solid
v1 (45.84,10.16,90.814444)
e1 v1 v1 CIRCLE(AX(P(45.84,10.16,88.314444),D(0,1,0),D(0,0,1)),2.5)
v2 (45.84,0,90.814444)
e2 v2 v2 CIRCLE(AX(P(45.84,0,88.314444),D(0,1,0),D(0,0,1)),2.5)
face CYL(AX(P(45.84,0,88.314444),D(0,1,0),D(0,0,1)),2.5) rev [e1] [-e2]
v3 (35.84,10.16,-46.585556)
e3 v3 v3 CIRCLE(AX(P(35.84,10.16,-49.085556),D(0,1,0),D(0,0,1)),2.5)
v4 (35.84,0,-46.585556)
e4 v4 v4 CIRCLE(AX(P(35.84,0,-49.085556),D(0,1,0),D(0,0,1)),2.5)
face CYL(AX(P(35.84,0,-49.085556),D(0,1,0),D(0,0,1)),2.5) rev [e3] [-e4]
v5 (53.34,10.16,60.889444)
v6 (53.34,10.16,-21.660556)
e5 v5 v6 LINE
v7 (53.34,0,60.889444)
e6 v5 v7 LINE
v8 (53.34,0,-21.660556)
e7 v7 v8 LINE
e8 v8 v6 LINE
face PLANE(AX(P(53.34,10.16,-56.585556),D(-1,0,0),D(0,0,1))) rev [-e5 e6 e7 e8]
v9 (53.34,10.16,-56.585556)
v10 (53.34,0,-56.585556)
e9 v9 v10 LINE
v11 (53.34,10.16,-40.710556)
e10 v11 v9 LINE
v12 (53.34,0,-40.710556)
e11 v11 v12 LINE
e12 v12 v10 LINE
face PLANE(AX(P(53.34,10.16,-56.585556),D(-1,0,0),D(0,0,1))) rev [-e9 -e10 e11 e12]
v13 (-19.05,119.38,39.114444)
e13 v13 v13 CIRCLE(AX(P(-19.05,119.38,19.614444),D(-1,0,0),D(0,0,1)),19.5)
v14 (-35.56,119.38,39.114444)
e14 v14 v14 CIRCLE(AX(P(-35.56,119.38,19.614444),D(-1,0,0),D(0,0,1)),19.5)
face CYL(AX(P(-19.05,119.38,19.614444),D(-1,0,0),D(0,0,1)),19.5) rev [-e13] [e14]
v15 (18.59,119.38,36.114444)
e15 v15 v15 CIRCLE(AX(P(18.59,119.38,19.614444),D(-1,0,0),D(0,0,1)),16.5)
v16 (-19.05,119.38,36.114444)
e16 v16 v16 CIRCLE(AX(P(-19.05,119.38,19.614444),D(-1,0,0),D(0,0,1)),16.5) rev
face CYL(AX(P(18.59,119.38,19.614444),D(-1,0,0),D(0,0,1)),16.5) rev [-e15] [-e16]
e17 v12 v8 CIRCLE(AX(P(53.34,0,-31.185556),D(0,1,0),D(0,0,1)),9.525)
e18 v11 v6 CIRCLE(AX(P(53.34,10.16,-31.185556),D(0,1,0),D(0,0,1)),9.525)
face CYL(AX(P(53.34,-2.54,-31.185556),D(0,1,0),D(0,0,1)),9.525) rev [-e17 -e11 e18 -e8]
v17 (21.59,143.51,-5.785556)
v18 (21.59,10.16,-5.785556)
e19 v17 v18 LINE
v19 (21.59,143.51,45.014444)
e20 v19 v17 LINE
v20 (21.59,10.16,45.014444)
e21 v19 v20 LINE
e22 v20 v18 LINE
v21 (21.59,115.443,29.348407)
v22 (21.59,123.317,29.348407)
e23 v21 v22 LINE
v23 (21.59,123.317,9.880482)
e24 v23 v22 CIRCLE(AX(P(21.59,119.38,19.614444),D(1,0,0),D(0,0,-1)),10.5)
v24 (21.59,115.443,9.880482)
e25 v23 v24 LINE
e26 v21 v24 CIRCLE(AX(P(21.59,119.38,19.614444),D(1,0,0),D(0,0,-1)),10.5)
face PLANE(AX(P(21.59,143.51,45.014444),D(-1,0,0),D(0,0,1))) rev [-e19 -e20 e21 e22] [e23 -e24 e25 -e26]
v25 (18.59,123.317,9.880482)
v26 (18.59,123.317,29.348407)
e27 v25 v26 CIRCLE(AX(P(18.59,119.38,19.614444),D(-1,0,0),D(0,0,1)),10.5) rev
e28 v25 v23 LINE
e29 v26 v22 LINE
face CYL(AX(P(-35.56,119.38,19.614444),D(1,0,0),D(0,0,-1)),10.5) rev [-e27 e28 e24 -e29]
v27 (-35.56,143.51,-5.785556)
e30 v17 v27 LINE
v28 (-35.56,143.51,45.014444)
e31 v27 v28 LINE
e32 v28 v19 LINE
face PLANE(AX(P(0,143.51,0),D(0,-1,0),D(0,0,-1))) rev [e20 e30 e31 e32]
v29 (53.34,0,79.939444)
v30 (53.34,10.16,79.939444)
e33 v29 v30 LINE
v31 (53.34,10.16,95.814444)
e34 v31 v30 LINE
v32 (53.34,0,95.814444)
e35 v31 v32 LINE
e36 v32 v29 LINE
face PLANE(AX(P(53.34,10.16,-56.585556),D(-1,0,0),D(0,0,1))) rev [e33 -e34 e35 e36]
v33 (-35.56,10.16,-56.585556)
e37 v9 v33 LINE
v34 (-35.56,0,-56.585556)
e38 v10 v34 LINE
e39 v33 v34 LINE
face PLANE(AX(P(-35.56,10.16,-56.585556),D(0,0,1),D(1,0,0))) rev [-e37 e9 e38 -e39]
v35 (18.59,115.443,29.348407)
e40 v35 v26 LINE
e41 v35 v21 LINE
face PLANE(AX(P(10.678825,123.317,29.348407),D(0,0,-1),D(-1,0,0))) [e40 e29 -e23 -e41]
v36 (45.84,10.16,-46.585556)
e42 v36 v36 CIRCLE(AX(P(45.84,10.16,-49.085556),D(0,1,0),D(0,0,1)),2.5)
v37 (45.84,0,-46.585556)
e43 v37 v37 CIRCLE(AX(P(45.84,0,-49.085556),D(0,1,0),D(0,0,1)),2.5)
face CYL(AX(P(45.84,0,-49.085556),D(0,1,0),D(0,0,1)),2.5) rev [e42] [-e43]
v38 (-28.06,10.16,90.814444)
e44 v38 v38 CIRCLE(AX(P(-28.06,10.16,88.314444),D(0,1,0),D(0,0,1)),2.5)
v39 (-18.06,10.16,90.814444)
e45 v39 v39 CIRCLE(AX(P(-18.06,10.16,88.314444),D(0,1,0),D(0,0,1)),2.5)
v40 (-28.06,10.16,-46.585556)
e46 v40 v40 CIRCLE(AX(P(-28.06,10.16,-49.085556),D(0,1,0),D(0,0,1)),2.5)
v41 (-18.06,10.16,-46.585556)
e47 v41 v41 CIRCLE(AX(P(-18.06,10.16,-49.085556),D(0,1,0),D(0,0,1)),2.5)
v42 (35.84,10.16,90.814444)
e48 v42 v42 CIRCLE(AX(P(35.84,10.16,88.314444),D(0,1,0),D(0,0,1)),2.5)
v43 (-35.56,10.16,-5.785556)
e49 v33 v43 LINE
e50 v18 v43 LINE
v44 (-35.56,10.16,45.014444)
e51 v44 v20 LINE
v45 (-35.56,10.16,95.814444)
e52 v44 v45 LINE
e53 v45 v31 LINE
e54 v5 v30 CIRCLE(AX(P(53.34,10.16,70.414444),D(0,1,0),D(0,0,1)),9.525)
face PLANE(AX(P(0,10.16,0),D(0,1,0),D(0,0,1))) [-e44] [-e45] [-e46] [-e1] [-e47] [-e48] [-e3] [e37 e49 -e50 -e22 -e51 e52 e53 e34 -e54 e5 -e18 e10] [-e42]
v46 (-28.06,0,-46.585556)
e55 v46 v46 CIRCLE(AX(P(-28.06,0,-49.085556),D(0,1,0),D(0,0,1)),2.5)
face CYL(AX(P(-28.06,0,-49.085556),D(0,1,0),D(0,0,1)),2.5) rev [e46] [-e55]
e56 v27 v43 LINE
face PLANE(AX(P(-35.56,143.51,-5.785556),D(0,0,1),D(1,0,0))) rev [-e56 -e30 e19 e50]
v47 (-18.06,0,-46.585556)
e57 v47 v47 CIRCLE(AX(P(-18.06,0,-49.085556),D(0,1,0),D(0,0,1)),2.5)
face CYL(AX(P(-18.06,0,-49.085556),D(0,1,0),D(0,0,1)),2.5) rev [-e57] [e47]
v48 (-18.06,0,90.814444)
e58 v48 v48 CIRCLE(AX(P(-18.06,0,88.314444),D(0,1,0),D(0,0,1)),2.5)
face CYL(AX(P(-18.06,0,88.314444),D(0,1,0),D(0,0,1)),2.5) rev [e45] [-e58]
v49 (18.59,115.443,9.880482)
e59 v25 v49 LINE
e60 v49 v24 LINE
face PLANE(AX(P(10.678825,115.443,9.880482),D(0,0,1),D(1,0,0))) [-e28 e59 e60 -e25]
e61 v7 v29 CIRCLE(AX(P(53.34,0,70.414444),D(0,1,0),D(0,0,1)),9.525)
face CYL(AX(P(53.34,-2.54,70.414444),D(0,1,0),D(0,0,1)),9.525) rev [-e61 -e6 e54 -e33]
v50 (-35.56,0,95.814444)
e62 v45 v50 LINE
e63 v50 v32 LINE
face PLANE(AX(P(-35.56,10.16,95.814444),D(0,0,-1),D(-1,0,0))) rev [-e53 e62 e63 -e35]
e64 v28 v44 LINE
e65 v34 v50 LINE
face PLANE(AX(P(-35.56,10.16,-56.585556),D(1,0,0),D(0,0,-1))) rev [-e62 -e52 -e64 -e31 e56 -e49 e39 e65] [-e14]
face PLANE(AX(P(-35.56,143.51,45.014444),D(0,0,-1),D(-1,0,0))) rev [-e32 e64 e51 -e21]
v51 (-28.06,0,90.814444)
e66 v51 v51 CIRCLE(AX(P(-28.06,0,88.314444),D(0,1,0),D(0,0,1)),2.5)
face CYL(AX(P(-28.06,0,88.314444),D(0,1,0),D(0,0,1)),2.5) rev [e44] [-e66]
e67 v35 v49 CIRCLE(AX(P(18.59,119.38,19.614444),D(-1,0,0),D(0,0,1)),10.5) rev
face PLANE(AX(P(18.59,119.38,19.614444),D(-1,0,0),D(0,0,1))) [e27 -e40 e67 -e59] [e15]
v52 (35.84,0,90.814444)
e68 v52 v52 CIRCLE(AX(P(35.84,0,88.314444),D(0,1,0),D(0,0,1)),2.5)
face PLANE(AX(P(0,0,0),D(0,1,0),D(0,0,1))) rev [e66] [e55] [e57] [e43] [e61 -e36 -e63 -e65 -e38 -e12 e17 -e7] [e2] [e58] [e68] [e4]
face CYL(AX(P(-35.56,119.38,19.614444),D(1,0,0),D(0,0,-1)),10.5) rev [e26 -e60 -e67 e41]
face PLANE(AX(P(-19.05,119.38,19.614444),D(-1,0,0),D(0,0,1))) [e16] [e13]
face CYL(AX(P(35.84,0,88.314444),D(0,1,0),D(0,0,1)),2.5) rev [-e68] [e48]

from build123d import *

# Parameters (mm, degrees)
SKETCH2_W           = 88.9
SKETCH2_H           = 152.4
BOSS_EXTRUDE1_DEPTH = 10.16
SKETCH5_W           = 57.15
SKETCH5_H           = 50.8
BOSS_EXTRUDE2_DEPTH = 133.35
SKETCH6_R           = 2.5
CUT_EXTRUDE1_DEPTH  = 11.16
SKETCH7_R           = 10.5
CUT_EXTRUDE2_DEPTH  = 58.15
SKETCH8_R           = 16.5
CUT_EXTRUDE3_DEPTH  = 54.15
SKETCH9_R           = 19.5
CUT_EXTRUDE4_DEPTH  = 16.51
BOSS_EXTRUDE3_DEPTH = 3
SKETCH12_R          = 9.525
CUT_EXTRUDE6_DEPTH  = 12.7


with BuildPart() as part:
    # Sketch2 → Boss-Extrude1 (new body)
    with BuildSketch(Plane(origin=(0, 0, 0), x_dir=(1, 0, 0), z_dir=(0, 1, 0))):
        with Locations((8.89, -19.614444444)):
            Rectangle(SKETCH2_W, SKETCH2_H)
    extrude(amount=BOSS_EXTRUDE1_DEPTH)

    # Sketch5 → Boss-Extrude2 (add)
    with BuildSketch(Plane(origin=(0, 10.16, 0), x_dir=(1, 0, 0), z_dir=(0, 1, 0))):
        with Locations((-6.985, -19.614444444)):
            Rectangle(SKETCH5_W, SKETCH5_H)
    extrude(amount=BOSS_EXTRUDE2_DEPTH)

    # Sketch6 → Cut-Extrude1 (cut, through all)
    with BuildSketch(Plane(origin=(0, 10.16, 0), x_dir=(1, 0, 0), z_dir=(0, 1, 0))):
        with Locations((35.84, -88.314444444)):
            Circle(SKETCH6_R)
        with Locations((45.84, -88.314444444)):
            Circle(SKETCH6_R)
        with Locations((-28.06, -88.314444444)):
            Circle(SKETCH6_R)
        with Locations((-18.06, -88.314444444)):
            Circle(SKETCH6_R)
        with Locations((-28.06, 49.085555556)):
            Circle(SKETCH6_R)
        with Locations((-18.06, 49.085555556)):
            Circle(SKETCH6_R)
        with Locations((35.84, 49.085555556)):
            Circle(SKETCH6_R)
        with Locations((45.84, 49.085555556)):
            Circle(SKETCH6_R)
    extrude(amount=-CUT_EXTRUDE1_DEPTH, mode=Mode.SUBTRACT)

    # Sketch7 → Cut-Extrude2 (cut, through all)
    with BuildSketch(Plane(origin=(21.59, 0, 0), x_dir=(0, 0, -1), z_dir=(1, 0, 0))):
        with Locations((-19.614444444, 119.38)):
            Circle(SKETCH7_R)
    extrude(amount=-CUT_EXTRUDE2_DEPTH, mode=Mode.SUBTRACT)

    # Sketch8 → Cut-Extrude3 (cut)
    with BuildSketch(Plane.ZY.offset(35.56)):
        with Locations((19.614444444, 119.38)):
            Circle(SKETCH8_R)
    extrude(amount=-CUT_EXTRUDE3_DEPTH, mode=Mode.SUBTRACT)

    # Sketch9 → Cut-Extrude4 (cut)
    with BuildSketch(Plane.ZY.offset(35.56)):
        with Locations((19.614444444, 119.38)):
            Circle(SKETCH9_R)
    extrude(amount=-CUT_EXTRUDE4_DEPTH, mode=Mode.SUBTRACT)

    # Sketch10 → Boss-Extrude3 (add)
    with BuildSketch(Plane(origin=(21.59, 0, 0), x_dir=(0, 0, -1), z_dir=(1, 0, 0))):
        with BuildLine():
            Line((-29.348407204, 123.317), (-29.348407204, 115.443))
            ThreePointArc((-29.348407204, 115.443), (-30.114444444, 119.38), (-29.348407204, 123.317))
        make_face()
        with BuildLine():
            Line((-9.880481685, 115.443), (-9.880481685, 123.317))
            ThreePointArc((-9.880481685, 123.317), (-9.114444444, 119.38), (-9.880481685, 115.443))
        make_face()
    extrude(amount=-BOSS_EXTRUDE3_DEPTH)

    # Sketch12 → Cut-Extrude6 (cut)
    with BuildSketch(Plane(origin=(0, 10.16, 0), x_dir=(1, 0, 0), z_dir=(0, 1, 0))):
        with Locations((53.34, -70.414444444)):
            Circle(SKETCH12_R)
        with Locations((53.34, 31.185555556)):
            Circle(SKETCH12_R)
    extrude(amount=-CUT_EXTRUDE6_DEPTH, mode=Mode.SUBTRACT)


solid = part.part
